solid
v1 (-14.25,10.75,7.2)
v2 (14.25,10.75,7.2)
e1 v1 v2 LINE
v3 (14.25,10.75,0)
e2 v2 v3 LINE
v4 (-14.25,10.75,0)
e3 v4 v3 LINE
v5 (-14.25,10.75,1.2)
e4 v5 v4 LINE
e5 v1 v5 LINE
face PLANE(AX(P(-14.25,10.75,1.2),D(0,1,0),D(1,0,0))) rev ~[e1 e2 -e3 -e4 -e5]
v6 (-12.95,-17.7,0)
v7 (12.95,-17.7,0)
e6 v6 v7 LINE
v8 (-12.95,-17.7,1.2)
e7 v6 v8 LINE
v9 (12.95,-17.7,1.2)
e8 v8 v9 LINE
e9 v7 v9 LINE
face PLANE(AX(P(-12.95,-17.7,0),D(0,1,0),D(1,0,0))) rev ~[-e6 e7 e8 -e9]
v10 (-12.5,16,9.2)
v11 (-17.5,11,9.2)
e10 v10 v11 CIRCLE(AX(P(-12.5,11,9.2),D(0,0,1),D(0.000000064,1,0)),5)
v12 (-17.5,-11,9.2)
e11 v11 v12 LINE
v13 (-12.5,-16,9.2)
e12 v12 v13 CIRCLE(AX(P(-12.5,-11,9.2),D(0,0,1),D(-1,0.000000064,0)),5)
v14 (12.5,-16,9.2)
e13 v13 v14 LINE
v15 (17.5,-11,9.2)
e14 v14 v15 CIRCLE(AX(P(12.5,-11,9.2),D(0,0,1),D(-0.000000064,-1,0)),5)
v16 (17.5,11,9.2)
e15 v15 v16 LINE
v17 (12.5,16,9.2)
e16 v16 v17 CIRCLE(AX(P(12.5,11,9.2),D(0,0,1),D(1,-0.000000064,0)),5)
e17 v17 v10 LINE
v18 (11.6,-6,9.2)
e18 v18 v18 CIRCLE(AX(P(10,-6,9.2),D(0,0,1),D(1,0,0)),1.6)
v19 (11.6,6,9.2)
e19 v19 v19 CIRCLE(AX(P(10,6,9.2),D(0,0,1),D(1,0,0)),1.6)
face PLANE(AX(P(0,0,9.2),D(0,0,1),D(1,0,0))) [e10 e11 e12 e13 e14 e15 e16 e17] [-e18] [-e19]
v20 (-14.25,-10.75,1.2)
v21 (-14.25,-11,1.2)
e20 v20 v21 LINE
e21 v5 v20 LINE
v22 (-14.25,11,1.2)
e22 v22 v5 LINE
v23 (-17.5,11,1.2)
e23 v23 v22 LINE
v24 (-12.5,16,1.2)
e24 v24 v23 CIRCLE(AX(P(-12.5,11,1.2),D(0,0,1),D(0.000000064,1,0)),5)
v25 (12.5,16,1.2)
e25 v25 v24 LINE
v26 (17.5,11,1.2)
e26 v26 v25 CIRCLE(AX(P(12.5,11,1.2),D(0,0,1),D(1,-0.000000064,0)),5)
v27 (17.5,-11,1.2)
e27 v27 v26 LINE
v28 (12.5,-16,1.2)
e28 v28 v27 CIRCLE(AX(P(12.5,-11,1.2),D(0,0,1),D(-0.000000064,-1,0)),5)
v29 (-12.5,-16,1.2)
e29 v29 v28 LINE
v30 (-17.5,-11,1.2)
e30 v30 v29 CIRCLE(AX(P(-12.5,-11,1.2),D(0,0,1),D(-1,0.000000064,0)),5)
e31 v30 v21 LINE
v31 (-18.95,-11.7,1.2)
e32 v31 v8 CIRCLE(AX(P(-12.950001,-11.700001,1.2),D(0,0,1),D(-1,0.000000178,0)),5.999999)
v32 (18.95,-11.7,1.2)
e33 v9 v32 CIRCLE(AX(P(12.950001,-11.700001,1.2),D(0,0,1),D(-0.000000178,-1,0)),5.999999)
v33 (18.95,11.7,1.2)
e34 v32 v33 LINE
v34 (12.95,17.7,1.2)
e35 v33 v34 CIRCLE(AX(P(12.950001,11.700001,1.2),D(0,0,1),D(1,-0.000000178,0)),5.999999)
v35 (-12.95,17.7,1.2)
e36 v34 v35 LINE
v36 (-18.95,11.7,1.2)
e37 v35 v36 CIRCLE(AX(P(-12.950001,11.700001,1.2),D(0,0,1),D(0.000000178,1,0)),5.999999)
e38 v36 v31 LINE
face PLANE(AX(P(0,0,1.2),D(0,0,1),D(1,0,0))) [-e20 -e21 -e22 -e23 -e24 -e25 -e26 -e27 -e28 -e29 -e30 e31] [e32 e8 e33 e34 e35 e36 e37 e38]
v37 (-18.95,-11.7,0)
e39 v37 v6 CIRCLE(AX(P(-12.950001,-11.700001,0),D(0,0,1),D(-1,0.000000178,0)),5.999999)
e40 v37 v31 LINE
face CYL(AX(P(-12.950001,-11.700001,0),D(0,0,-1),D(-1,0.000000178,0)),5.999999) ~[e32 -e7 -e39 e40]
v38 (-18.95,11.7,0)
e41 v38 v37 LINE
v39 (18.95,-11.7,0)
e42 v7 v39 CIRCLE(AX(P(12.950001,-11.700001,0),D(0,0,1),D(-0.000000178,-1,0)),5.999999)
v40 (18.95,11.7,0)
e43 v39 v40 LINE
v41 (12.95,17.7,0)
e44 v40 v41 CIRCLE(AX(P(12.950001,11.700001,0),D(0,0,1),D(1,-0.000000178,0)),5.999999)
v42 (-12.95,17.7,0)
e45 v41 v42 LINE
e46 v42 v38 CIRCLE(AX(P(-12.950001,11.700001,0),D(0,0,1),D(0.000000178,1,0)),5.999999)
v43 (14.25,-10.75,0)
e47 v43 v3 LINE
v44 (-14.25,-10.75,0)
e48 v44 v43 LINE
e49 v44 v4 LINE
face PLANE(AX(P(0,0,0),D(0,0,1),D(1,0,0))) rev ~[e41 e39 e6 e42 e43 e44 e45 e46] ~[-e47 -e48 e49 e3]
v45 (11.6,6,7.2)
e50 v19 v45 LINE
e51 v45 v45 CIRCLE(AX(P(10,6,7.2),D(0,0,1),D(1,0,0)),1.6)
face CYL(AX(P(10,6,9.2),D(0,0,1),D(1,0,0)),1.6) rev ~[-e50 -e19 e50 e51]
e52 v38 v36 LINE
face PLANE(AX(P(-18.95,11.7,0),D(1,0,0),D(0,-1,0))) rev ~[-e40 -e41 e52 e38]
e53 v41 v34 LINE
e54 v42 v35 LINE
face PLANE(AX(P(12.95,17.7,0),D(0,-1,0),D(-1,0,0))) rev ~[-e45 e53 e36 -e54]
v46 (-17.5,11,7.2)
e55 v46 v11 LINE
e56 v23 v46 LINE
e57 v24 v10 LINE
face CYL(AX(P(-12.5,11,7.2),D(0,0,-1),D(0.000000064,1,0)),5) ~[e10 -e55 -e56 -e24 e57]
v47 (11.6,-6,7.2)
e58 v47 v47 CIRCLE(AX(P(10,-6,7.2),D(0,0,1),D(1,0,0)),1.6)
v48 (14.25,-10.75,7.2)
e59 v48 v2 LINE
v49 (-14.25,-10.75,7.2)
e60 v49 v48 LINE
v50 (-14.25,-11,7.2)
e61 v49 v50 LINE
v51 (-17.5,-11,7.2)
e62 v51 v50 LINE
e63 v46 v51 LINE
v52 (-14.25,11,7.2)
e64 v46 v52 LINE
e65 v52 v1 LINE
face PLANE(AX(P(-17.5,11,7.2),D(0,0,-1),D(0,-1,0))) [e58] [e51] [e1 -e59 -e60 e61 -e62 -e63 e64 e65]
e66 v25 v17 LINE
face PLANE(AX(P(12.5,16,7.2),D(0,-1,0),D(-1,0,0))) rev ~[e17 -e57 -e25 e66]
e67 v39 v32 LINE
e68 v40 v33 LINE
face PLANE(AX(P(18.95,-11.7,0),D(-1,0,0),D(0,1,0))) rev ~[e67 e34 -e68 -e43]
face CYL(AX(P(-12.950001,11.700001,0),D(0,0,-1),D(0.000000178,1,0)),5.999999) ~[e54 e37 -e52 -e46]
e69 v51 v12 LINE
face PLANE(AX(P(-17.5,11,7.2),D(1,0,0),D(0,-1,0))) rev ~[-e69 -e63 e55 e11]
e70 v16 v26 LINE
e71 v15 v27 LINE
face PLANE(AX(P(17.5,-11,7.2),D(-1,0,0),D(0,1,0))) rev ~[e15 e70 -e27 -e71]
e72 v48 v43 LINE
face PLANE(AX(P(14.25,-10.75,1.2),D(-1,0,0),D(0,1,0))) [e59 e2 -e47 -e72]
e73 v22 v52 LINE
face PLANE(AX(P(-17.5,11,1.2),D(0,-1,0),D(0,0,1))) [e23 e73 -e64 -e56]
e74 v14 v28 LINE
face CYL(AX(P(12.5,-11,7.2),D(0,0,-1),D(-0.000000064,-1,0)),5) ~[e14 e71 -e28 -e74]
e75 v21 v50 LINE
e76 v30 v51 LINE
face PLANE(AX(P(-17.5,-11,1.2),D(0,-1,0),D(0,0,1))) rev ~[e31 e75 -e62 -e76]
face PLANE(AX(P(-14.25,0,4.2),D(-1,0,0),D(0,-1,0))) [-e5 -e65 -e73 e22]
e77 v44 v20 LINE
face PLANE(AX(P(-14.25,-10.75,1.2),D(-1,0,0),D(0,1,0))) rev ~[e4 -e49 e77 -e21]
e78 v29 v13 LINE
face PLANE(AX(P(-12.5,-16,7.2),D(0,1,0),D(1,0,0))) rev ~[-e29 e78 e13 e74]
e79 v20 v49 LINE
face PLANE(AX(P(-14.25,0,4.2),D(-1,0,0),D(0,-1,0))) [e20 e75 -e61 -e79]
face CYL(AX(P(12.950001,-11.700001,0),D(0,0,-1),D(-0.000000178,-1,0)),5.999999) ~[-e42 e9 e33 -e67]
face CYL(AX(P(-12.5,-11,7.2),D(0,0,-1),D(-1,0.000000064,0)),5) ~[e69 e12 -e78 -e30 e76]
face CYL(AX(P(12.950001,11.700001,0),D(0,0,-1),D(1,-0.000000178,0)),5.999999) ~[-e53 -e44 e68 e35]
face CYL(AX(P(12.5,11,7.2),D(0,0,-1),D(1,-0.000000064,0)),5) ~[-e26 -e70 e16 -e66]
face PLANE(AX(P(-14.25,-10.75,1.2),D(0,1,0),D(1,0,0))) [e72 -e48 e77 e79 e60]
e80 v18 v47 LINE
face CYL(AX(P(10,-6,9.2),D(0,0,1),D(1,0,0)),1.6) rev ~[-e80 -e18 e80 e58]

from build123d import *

# Parameters (mm, degrees)
F0_W     = 28.5
F0_H     = 21.5
F1_DEPTH = 1.2
F2_W     = 28.5
F2_H     = 21.5
F3_DEPTH = 6
F5_DEPTH = 2
F6_W     = 22
F6_H     = 6
F7_DEPTH = 3.25
F8_R     = 1.6
F9_DEPTH = 2


with BuildPart() as f1:
    # F0 (on Top) → F1 (new body)
    with BuildSketch(Plane.XY):
        with BuildLine():
            ThreePointArc((18.95, 11.7), (17.192641, 15.942641), (12.95, 17.7))
            Line((12.95, 17.7), (-12.95, 17.7))
            ThreePointArc((-12.95, 17.7), (-17.192641, 15.942641), (-18.95, 11.7))
            Line((-18.95, 11.7), (-18.95, -11.7))
            ThreePointArc((-18.95, -11.7), (-17.192641, -15.942641), (-12.95, -17.7))
            Line((-12.95, -17.7), (12.95, -17.7))
            ThreePointArc((12.95, -17.7), (17.192641, -15.942641), (18.95, -11.7))
            Line((18.95, -11.7), (18.95, 11.7))
        make_face()
        Rectangle(F0_W, F0_H, mode=Mode.SUBTRACT)
    extrude(amount=F1_DEPTH)

    # F2 (on face) → F3 (join)
    with BuildSketch(Plane.XY.offset(1.2)):
        with BuildLine():
            ThreePointArc((17.5, 11), (16.035534, 14.535534), (12.5, 16))
            Line((12.5, 16), (-12.5, 16))
            ThreePointArc((-12.5, 16), (-16.035534, 14.535534), (-17.5, 11))
            Line((-17.5, 11), (-17.5, -11))
            ThreePointArc((-17.5, -11), (-16.035534, -14.535534), (-12.5, -16))
            Line((-12.5, -16), (12.5, -16))
            ThreePointArc((12.5, -16), (16.035534, -14.535534), (17.5, -11))
            Line((17.5, -11), (17.5, 11))
        make_face()
        Rectangle(F2_W, F2_H, mode=Mode.SUBTRACT)
    extrude(amount=F3_DEPTH)

    # F4 (on face) → F5 (join)
    with BuildSketch(Plane.XY.offset(7.2)):
        with BuildLine():
            ThreePointArc((17.5, 11), (16.035534, 14.535534), (12.5, 16))
            Line((12.5, 16), (-12.5, 16))
            ThreePointArc((-12.5, 16), (-16.035534, 14.535534), (-17.5, 11))
            Line((-17.5, 11), (-17.5, -11))
            ThreePointArc((-17.5, -11), (-16.035534, -14.535534), (-12.5, -16))
            Line((-12.5, -16), (12.5, -16))
            ThreePointArc((12.5, -16), (16.035534, -14.535534), (17.5, -11))
            Line((17.5, -11), (17.5, 11))
        make_face()
    extrude(amount=F5_DEPTH)

    # F6 (on face) → F7 (cut, through all)
    with BuildSketch(Plane(origin=(-17.5, 0, 0), x_dir=(0, -1, 0), z_dir=(-1, 0, 0))):
        with Locations((0, 4.2)):
            Rectangle(F6_W, F6_H)
    extrude(amount=-F7_DEPTH, mode=Mode.SUBTRACT)

    # F8 (on face) → F9 (cut, through all)
    with BuildSketch(Plane.XY.offset(9.2)):
        with Locations((10, 6)):
            Circle(F8_R)
        with Locations((10, -6)):
            Circle(F8_R)
    extrude(amount=-F9_DEPTH, mode=Mode.SUBTRACT)


solid = f1.part
